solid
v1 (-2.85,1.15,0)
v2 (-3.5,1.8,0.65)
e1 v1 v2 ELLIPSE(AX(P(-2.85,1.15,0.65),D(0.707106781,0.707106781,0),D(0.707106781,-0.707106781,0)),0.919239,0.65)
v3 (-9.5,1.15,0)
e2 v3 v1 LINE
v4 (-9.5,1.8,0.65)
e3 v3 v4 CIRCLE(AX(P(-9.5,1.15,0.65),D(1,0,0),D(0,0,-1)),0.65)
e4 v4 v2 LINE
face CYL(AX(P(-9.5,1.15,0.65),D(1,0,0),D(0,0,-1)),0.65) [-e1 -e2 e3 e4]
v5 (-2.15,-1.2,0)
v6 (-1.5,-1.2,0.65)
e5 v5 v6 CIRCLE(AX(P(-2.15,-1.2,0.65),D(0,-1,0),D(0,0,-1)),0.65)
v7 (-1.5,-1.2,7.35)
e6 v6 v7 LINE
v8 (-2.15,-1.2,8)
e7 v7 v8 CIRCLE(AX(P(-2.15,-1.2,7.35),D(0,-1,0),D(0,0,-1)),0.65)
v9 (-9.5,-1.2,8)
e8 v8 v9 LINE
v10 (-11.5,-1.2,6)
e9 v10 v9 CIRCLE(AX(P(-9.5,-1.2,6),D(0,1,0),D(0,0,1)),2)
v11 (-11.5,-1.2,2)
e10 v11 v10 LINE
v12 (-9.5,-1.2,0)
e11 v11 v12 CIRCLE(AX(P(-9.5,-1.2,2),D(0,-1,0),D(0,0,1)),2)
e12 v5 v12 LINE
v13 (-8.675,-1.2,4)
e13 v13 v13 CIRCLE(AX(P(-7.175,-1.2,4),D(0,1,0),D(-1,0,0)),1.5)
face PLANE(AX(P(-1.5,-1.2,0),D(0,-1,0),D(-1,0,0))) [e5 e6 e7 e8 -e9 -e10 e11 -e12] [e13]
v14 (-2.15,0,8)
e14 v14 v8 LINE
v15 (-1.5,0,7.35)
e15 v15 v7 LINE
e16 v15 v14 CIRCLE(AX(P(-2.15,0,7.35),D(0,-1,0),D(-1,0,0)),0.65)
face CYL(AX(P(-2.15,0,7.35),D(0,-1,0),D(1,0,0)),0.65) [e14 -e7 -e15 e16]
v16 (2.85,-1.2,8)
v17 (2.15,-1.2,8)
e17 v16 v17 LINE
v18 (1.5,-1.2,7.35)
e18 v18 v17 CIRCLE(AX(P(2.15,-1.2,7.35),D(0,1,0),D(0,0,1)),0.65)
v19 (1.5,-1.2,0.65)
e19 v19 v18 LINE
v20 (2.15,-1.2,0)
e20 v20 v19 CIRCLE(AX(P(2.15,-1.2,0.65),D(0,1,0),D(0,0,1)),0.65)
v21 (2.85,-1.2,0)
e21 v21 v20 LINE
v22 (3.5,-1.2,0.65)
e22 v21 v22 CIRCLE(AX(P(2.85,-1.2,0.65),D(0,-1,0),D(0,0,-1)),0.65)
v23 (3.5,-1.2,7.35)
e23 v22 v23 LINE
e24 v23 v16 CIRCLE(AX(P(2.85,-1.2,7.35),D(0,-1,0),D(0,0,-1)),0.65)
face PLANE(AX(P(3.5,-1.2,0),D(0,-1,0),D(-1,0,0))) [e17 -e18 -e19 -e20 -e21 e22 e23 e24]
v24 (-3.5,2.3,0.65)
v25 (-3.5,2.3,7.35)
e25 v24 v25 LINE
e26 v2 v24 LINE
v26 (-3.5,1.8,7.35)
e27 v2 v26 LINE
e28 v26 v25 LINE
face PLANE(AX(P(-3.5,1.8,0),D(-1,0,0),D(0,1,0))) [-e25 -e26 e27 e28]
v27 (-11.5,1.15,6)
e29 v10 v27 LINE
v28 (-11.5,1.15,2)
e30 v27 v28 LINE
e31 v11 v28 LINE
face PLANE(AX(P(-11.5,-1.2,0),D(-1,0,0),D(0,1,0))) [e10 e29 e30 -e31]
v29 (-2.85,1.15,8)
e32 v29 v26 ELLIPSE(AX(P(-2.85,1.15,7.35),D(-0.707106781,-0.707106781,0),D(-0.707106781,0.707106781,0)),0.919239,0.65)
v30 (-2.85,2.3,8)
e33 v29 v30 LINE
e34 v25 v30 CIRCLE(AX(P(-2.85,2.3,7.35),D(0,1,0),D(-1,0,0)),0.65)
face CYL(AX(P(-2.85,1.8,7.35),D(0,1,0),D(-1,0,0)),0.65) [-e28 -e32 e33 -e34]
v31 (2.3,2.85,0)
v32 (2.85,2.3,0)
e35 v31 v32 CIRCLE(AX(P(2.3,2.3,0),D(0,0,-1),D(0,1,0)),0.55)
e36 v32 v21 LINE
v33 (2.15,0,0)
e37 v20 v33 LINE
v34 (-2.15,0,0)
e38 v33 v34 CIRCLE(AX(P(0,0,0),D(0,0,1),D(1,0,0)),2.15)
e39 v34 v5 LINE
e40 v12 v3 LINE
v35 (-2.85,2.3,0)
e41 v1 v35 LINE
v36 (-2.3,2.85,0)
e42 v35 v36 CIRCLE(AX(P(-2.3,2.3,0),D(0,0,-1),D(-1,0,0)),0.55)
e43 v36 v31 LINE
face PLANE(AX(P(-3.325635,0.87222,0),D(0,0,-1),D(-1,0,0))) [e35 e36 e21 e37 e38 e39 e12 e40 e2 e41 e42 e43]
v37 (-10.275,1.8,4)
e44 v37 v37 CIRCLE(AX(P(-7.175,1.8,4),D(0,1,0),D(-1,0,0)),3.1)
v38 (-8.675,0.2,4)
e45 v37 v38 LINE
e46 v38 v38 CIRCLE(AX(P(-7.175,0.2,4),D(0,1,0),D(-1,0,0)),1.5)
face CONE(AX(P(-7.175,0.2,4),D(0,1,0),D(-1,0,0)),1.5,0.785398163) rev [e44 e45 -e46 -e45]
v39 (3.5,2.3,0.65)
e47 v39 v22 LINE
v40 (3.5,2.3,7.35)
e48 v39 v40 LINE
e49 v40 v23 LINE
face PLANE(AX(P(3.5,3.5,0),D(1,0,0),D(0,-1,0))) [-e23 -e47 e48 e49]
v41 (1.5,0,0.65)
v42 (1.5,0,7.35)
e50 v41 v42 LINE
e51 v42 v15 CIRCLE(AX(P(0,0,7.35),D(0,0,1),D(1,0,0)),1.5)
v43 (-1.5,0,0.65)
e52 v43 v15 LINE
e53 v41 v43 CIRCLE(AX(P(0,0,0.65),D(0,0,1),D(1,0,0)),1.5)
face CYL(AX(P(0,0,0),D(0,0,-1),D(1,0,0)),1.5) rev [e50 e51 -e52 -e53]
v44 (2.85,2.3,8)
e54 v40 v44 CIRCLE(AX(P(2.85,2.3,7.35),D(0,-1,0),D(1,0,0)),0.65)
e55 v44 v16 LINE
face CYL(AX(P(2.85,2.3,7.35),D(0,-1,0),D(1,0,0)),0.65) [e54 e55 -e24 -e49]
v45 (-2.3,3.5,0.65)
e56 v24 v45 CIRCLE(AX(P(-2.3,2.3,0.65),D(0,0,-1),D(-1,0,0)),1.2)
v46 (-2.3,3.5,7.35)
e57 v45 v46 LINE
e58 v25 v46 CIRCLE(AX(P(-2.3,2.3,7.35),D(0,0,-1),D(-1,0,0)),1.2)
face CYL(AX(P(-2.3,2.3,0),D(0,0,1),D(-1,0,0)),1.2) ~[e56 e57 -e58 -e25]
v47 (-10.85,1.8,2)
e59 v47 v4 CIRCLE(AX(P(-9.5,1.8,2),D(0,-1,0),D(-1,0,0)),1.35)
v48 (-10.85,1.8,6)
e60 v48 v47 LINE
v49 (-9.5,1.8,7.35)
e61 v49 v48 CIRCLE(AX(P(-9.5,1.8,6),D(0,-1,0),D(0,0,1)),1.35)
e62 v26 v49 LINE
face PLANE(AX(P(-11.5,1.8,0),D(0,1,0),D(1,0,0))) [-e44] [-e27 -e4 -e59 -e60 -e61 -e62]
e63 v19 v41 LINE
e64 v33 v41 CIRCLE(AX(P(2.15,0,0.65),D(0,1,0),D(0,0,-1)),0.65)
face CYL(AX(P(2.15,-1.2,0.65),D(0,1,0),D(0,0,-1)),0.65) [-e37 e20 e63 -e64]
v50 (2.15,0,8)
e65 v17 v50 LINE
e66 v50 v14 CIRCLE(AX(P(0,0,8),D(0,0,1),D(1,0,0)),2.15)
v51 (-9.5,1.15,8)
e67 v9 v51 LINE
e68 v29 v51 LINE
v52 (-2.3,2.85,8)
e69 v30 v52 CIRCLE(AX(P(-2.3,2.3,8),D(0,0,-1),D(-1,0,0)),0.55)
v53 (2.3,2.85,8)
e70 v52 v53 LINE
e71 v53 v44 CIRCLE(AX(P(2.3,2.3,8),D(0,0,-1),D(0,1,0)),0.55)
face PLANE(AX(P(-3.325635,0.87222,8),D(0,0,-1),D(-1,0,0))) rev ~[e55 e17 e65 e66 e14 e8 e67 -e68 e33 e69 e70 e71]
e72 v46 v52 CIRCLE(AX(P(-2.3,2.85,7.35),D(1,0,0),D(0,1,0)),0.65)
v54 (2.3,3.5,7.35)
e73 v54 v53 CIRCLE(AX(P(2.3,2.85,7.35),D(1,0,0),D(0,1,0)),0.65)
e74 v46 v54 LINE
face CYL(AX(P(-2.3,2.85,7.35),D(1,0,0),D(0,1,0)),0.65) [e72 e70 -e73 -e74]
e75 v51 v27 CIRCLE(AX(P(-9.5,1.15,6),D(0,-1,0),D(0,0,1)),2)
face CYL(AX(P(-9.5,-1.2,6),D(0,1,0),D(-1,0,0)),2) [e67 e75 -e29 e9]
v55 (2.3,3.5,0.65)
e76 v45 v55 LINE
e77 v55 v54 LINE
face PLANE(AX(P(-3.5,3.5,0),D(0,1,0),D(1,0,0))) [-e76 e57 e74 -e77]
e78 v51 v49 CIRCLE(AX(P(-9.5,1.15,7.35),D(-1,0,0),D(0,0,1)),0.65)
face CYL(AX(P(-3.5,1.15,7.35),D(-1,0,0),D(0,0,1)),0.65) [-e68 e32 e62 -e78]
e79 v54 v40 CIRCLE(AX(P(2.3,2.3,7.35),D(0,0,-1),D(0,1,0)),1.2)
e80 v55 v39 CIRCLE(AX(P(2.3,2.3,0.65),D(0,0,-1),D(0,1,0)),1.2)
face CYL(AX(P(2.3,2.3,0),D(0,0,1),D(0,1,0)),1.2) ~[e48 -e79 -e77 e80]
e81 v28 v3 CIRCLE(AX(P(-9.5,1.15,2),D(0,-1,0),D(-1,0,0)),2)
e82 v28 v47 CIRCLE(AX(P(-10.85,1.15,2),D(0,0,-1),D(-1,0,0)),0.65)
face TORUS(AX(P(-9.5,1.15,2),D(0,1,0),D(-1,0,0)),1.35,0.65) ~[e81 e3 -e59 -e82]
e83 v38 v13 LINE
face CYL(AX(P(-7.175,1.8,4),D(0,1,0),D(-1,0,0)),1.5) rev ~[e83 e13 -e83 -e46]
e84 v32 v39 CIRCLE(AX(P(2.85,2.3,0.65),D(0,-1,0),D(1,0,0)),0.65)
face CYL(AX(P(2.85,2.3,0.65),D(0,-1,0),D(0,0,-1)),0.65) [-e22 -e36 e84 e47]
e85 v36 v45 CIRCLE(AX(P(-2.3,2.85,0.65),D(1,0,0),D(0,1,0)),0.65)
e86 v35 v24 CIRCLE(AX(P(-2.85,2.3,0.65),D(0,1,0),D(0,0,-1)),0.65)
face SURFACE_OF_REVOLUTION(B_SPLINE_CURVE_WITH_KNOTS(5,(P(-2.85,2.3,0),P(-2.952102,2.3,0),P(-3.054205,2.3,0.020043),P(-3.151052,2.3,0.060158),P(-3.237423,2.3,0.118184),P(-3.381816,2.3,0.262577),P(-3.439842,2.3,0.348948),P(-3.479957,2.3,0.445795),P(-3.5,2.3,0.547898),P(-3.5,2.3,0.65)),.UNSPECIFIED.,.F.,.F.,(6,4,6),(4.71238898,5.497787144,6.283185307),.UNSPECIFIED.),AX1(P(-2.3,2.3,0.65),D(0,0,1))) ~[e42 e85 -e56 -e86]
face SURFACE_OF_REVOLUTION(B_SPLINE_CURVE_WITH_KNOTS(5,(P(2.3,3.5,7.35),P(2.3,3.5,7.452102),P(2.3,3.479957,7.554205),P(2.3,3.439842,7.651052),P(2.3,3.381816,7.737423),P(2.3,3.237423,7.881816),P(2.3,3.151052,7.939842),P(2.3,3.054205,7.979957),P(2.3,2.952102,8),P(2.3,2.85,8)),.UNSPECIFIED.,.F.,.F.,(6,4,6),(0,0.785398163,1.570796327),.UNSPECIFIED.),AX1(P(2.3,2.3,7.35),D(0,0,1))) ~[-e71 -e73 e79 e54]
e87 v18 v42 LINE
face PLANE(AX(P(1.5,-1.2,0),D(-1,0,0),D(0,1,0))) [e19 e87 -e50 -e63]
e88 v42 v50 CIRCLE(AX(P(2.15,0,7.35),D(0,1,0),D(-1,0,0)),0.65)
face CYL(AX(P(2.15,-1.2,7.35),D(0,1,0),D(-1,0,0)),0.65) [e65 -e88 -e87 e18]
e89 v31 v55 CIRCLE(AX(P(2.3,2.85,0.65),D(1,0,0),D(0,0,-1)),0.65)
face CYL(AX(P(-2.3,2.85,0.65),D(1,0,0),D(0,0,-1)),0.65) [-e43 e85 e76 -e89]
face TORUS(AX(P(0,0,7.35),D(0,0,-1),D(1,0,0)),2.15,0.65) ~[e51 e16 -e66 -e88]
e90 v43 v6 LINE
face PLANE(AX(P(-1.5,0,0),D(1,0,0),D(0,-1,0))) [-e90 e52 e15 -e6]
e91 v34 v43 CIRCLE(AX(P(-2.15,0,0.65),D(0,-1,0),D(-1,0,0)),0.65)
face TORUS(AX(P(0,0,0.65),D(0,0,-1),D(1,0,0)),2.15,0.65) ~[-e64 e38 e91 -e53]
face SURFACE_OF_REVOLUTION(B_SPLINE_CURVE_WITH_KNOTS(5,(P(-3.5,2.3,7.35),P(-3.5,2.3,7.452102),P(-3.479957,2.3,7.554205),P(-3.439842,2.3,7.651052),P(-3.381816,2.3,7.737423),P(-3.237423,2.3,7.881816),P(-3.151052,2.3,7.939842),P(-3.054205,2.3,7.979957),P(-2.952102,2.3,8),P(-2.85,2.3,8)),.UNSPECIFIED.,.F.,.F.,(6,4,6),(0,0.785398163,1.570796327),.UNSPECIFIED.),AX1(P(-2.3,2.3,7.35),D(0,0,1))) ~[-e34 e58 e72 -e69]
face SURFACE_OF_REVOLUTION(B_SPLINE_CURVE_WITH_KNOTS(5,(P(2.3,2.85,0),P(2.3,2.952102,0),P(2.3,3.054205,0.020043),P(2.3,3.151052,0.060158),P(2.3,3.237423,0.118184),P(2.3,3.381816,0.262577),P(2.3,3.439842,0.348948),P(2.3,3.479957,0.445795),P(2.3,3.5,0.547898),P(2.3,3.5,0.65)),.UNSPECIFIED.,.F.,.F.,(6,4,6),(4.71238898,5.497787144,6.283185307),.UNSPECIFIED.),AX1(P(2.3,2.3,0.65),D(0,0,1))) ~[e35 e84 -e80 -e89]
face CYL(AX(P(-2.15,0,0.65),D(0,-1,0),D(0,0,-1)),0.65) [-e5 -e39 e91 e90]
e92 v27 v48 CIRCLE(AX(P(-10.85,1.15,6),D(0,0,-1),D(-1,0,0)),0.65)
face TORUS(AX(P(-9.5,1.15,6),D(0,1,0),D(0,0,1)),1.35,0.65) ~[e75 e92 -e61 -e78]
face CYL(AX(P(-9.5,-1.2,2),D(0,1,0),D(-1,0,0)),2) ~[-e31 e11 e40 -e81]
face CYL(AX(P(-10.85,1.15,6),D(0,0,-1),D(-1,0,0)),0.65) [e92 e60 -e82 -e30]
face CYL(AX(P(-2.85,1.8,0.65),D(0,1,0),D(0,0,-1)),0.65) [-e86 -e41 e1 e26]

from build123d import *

# Parameters (mm, degrees)
RESSALTO_EXTRUS_O1_DEPTH = 8
ESBO_O2_R                = 1.5
CORTE_EXTRUS_O1_DEPTH    = 6
CHANFRO2_SIZE            = 1.6
FILETE3_R                = 2
FILETE5_R                = 1.2
FILETE6_R                = 0.65


with BuildPart() as part:
    # Esboço1 → Ressalto-extrusão1 (new body)
    with BuildSketch(Plane.XY):
        with BuildLine():
            Line((-11.5, -1.2), (-11.5, 1.8))
            Line((-11.5, 1.8), (-3.5, 1.8))
            Line((-3.5, 1.8), (-3.5, 3.5))
            Line((-3.5, 3.5), (3.5, 3.5))
            Line((3.5, 3.5), (3.5, -1.2))
            Line((3.5, -1.2), (1.5, -1.2))
            Line((1.5, -1.2), (1.5, 0))
            ThreePointArc((1.5, 0), (0, 1.5), (-1.5, 0))
            Line((-1.5, 0), (-1.5, -1.2))
            Line((-1.5, -1.2), (-11.5, -1.2))
        make_face()
    extrude(amount=RESSALTO_EXTRUS_O1_DEPTH)

    # Esboço2 → Corte-extrusão1 (cut)
    with BuildSketch(Plane(origin=(0, 1.8, 0), x_dir=(1, 0, 0), z_dir=(0, 1, 0))):
        with Locations(Location((-7.175, -4, 0), (0, 0, 180))):
            Circle(ESBO_O2_R)
    extrude(amount=-CORTE_EXTRUS_O1_DEPTH, mode=Mode.SUBTRACT)

    # Chanfro2
    chanfro2_edges = [part.edges().sort_by_distance(p)[0] for p in [
        (-5.675, 1.8, 4),
    ]]
    chamfer(chanfro2_edges, length=CHANFRO2_SIZE)

    # Filete3
    filete3_edges = [part.edges().sort_by_distance(p)[0] for p in [
        (-11.5, 0.3, 0),
        (-11.5, 0.3, 8),
    ]]
    fillet(filete3_edges, radius=FILETE3_R)

    # Filete5
    filete5_edges = [part.edges().sort_by_distance(p)[0] for p in [
        (-3.5, 3.5, 4),
        (3.5, 3.5, 4),
    ]]
    fillet(filete5_edges, radius=FILETE5_R)

    # Filete6
    filete6_edges = [part.edges().sort_by_distance(p)[0] for p in [
        (-1.5, -0.6, 0),
        (-6.5, 1.8, 0),
        (3.5, 0.55, 0),
        (1.5, -0.6, 0),
        (0, 1.5, 0),
        (3.5, 0.55, 8),
        (-6.5, 1.8, 8),
        (-1.5, -0.6, 8),
        (-11.5, 1.8, 4),
        (-10.914213562, 1.8, 0.585786438),
        (-10.914213562, 1.8, 7.414213562),
        (0, 1.5, 8),
        (-3.5, 2.05, 0),
        (-3.5, 2.05, 8),
        (0, 3.5, 0),
        (3.148528137, 3.148528137, 0),
        (-3.148528137, 3.148528137, 0),
        (0, 3.5, 8),
        (3.148528137, 3.148528137, 8),
        (-3.148528137, 3.148528137, 8),
        (1.5, -0.6, 8),
    ]]
    fillet(filete6_edges, radius=FILETE6_R)


solid = part.part
